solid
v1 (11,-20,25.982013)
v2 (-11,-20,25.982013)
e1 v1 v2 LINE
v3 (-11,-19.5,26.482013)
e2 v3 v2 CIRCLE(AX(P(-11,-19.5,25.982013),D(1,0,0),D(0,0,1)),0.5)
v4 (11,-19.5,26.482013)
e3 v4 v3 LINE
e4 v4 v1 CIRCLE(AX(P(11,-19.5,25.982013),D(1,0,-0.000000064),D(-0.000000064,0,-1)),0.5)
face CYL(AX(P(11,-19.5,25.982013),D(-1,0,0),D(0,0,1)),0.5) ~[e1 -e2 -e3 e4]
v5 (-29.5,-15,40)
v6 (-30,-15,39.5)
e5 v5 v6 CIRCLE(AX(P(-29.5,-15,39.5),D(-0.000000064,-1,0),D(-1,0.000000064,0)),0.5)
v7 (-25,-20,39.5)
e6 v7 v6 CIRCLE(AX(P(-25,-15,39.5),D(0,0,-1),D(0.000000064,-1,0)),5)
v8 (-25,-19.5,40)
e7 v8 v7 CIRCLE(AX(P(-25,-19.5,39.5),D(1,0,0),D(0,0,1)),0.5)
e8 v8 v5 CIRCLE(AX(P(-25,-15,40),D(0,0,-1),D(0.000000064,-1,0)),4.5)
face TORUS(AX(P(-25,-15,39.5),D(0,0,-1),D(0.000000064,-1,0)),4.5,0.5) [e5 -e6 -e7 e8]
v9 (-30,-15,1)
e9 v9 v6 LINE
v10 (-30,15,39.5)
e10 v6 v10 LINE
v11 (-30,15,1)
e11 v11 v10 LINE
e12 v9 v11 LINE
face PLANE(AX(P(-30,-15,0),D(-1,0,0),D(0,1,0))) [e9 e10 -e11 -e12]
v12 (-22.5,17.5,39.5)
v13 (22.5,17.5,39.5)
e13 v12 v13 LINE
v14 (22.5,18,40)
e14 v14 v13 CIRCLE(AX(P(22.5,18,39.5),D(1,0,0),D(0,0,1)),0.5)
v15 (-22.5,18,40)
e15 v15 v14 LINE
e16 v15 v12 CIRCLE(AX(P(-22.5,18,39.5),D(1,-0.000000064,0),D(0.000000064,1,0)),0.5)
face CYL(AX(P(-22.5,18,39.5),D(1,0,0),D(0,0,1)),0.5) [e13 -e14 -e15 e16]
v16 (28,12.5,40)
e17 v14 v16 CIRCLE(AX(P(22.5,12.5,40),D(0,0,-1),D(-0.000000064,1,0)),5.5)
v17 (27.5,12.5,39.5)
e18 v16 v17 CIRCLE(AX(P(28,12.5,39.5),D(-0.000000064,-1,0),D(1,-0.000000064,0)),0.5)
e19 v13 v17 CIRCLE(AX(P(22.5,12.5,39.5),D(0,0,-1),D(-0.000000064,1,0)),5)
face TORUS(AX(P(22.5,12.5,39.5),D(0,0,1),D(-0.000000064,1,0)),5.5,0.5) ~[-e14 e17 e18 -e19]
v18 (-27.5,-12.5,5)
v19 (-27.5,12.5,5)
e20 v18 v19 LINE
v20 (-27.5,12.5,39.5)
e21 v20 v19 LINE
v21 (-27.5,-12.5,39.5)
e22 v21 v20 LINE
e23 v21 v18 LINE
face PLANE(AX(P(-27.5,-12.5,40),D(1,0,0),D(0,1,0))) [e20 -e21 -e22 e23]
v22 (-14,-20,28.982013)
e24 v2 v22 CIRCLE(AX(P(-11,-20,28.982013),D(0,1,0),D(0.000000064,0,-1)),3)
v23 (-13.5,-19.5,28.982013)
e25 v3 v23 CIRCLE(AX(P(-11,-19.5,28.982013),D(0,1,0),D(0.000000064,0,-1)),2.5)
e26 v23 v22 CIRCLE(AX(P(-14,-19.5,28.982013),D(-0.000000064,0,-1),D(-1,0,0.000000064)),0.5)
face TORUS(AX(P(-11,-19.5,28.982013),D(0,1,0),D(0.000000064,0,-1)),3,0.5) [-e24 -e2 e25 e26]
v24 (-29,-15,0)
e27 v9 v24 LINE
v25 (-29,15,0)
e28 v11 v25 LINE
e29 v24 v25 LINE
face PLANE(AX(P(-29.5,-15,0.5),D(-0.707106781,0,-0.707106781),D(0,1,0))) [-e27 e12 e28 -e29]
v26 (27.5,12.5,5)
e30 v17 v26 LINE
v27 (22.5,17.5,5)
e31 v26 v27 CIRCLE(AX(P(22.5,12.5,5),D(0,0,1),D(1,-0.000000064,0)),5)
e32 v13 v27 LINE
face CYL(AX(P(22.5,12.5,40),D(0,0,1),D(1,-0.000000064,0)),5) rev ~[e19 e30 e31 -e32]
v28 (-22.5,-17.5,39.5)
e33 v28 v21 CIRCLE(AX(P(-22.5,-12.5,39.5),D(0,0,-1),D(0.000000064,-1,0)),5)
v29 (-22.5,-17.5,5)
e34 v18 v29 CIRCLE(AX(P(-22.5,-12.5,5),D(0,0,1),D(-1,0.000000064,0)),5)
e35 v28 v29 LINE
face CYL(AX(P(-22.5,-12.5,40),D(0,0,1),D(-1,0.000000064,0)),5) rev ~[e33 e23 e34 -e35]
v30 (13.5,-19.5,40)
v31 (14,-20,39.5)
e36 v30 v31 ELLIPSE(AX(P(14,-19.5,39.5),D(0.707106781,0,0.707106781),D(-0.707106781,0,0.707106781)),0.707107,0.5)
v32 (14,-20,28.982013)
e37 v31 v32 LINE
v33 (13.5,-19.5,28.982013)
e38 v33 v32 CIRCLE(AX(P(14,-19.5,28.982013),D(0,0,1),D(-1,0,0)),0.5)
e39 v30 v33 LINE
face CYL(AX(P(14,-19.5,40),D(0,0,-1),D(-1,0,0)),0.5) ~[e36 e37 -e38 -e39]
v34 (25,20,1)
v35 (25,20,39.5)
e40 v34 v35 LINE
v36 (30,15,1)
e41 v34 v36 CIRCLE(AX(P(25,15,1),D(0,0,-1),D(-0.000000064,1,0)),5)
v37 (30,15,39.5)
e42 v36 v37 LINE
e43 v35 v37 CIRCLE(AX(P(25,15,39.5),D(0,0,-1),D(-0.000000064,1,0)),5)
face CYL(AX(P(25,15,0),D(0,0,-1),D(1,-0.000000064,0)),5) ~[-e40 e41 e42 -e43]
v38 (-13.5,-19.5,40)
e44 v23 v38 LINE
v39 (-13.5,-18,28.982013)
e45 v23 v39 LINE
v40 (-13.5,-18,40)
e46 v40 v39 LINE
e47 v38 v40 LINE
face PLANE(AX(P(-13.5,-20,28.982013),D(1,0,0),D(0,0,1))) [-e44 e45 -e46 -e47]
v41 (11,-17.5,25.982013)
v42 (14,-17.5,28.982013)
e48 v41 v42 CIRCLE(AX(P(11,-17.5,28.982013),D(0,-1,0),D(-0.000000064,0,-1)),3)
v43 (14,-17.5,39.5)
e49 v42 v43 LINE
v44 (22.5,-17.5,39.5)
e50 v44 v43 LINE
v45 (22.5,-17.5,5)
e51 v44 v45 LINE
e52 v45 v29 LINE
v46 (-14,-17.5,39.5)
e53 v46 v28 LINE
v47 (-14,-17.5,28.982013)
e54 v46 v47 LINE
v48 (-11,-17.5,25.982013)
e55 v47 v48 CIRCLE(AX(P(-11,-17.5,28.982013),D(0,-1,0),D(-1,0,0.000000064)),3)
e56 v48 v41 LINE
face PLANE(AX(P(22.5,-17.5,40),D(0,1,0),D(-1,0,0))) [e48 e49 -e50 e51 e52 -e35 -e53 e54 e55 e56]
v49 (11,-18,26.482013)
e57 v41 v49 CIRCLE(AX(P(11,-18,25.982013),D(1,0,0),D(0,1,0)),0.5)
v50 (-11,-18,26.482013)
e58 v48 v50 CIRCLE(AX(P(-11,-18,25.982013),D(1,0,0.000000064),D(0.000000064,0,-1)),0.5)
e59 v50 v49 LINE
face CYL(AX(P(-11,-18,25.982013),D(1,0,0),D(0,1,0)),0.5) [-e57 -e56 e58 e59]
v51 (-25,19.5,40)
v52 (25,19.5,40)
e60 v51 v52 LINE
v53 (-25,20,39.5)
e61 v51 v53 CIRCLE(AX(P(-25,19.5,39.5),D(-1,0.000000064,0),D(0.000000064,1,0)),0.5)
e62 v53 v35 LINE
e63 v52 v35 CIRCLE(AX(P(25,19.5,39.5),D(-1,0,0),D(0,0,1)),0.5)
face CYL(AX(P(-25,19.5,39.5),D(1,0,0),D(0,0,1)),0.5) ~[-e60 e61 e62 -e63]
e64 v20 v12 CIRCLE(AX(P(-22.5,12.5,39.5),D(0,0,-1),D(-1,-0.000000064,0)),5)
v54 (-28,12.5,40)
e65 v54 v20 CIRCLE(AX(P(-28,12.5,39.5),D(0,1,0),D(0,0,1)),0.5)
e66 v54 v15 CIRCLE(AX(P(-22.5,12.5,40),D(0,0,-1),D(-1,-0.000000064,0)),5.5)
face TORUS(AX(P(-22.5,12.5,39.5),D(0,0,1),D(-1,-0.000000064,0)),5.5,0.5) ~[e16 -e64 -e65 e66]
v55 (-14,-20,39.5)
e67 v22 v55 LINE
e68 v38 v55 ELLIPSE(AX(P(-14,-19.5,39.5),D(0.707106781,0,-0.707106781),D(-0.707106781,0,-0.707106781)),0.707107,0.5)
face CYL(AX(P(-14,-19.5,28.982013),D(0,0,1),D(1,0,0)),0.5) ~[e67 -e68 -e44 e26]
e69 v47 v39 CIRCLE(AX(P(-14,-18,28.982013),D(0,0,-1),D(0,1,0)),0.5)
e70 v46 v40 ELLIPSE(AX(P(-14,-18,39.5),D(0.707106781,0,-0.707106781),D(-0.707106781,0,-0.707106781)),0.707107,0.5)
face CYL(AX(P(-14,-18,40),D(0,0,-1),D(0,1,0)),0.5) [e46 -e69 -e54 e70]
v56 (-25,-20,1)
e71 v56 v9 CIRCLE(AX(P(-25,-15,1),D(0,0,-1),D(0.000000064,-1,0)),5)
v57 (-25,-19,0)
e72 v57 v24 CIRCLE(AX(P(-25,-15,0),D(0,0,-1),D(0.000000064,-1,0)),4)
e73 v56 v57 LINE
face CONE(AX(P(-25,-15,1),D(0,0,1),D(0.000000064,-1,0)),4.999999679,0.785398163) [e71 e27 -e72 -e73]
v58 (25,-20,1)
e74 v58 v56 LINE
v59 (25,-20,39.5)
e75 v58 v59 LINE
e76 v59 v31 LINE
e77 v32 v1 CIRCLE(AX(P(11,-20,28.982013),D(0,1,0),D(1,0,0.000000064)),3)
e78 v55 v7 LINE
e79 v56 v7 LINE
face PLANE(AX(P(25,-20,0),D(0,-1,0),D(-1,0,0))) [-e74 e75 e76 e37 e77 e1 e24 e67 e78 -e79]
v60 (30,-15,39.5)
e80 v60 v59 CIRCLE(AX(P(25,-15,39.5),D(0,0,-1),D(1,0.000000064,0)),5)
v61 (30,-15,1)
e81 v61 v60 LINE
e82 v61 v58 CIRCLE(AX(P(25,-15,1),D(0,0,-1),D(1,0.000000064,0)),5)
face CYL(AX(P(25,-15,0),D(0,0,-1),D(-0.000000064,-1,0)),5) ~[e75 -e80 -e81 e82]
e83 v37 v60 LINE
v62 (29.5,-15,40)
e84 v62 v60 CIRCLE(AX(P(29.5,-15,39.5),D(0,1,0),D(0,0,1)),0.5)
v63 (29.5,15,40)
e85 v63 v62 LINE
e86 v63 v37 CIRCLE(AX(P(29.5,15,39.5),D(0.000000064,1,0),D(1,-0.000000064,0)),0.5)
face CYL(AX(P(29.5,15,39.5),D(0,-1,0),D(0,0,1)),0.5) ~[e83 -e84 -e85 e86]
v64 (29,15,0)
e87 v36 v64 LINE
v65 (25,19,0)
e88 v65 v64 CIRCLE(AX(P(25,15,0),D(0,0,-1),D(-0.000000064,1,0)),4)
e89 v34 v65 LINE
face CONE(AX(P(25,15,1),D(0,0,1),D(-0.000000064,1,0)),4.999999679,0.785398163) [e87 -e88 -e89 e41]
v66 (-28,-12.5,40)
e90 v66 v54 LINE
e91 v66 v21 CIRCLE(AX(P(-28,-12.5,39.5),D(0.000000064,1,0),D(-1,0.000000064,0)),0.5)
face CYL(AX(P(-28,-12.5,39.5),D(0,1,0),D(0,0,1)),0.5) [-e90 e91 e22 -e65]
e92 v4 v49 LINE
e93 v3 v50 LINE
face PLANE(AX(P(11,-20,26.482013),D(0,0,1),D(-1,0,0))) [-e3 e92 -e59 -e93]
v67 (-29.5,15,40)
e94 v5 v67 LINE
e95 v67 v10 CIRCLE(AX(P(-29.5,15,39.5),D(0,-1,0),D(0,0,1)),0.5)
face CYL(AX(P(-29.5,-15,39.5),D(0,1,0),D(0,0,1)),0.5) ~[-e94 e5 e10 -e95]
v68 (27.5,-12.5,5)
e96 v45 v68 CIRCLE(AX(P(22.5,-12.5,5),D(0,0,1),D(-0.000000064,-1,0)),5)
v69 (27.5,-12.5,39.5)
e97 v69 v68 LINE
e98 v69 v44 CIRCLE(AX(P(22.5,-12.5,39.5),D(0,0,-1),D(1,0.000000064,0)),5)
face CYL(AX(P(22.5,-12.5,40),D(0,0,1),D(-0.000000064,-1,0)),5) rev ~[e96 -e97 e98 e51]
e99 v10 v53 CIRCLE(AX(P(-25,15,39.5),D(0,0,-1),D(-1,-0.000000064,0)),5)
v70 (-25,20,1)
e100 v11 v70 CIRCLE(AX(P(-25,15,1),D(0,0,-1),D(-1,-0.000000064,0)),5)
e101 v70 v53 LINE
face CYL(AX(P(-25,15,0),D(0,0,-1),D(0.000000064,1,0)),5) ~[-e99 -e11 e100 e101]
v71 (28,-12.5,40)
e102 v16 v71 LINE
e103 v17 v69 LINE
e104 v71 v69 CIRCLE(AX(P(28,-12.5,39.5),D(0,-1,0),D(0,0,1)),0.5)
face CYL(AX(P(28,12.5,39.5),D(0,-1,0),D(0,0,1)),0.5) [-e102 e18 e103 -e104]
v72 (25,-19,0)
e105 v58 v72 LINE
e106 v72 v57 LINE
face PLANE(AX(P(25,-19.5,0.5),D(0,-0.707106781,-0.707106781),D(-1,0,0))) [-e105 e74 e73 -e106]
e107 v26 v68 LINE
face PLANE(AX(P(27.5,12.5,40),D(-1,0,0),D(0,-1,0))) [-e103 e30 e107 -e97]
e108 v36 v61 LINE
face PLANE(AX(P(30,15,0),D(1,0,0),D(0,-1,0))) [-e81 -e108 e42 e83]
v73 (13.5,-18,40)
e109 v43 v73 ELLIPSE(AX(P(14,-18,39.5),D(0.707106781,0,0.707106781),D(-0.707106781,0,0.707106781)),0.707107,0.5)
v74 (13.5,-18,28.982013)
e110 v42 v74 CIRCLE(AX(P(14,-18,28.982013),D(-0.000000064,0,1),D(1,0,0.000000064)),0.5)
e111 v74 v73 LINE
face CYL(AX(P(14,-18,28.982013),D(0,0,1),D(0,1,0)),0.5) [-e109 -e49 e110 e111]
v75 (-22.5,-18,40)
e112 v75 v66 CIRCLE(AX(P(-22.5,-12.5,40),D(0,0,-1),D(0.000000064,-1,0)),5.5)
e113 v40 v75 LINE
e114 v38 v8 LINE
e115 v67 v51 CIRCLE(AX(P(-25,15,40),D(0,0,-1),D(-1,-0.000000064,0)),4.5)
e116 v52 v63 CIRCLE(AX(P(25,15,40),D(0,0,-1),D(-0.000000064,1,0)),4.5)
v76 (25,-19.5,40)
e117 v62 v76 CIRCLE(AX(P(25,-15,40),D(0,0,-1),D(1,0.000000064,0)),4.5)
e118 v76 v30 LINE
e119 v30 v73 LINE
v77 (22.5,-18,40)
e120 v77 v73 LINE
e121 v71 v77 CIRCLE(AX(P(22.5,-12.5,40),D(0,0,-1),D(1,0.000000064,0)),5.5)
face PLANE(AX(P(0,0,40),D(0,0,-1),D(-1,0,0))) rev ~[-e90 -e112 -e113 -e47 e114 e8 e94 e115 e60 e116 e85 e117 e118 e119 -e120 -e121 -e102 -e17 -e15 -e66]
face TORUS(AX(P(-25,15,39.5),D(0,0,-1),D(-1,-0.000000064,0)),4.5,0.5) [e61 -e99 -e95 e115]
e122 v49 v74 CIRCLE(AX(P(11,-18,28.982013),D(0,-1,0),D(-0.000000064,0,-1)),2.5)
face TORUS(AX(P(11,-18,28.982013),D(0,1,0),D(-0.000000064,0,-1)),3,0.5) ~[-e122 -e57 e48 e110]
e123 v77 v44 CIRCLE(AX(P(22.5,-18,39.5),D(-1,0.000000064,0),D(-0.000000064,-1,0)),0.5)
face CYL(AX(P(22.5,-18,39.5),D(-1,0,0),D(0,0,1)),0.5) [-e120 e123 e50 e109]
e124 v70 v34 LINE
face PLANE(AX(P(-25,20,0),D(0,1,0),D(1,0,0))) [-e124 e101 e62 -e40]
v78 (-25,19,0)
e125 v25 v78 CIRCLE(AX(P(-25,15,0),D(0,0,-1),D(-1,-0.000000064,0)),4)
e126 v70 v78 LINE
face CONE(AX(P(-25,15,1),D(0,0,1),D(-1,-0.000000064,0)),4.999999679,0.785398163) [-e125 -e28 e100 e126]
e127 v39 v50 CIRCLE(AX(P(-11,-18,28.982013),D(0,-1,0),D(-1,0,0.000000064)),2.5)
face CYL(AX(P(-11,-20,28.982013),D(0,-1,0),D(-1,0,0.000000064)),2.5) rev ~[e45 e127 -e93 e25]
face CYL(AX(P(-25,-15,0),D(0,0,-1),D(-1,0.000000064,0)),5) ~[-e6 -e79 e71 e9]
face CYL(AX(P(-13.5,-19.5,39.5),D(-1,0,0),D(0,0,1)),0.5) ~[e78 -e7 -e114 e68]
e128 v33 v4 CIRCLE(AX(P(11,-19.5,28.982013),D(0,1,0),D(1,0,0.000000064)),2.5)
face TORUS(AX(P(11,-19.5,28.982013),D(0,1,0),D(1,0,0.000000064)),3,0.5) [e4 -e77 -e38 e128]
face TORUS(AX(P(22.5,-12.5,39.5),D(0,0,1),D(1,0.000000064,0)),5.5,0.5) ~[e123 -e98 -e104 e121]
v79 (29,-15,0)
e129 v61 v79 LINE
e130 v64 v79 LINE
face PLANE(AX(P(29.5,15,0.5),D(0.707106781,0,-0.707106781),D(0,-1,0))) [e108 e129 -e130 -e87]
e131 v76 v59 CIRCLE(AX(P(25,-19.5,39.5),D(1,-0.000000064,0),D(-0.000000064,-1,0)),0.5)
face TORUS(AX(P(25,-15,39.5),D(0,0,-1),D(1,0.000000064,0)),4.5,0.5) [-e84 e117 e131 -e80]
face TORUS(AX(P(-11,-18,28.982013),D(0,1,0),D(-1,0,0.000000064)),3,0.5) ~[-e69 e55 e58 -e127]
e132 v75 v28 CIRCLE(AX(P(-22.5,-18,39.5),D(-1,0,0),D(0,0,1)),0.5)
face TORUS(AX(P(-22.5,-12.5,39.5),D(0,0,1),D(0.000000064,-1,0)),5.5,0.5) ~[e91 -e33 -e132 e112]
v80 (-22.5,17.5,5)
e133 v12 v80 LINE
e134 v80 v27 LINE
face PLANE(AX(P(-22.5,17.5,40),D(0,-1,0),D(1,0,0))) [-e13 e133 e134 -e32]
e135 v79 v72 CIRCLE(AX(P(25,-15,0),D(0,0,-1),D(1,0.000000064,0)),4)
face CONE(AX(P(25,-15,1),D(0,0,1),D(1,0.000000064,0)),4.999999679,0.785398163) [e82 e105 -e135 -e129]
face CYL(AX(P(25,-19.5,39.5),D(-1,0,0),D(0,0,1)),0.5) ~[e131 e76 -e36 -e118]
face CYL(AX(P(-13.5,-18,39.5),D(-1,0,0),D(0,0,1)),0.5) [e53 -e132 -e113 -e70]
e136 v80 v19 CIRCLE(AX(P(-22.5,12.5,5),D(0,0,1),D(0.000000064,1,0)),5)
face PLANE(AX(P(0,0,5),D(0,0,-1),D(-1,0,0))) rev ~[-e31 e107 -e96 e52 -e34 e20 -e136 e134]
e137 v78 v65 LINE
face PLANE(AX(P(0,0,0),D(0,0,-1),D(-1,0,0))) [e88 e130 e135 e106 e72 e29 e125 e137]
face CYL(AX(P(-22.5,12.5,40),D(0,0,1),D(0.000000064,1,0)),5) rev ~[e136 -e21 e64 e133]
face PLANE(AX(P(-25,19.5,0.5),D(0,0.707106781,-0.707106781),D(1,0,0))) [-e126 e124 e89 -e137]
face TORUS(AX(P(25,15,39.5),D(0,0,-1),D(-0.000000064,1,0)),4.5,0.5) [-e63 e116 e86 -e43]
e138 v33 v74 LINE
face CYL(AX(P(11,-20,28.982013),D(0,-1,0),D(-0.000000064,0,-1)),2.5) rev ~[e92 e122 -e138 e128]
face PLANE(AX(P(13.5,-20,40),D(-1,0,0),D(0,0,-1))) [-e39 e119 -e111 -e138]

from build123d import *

# Parameters (mm, degrees)
PAD_DEPTH       = 40
POCKET_DEPTH    = 35
POCKET001_DEPTH = 5
FILLET_R        = 0.5
FILLET001_R     = 0.5
CHAMFER_SIZE    = 1


with BuildPart() as part:
    # Sketch → Pad (new body)
    with BuildSketch(Plane.XY):
        with BuildLine():
            Line((-25, 20), (25, 20))
            ThreePointArc((30, 15), (28.535534, 18.535534), (25, 20))
            Line((30, 15), (30, -15))
            ThreePointArc((25, -20), (28.535534, -18.535534), (30, -15))
            Line((25, -20), (-25, -20))
            ThreePointArc((-30, -15), (-28.535534, -18.535534), (-25, -20))
            Line((-30, -15), (-30, 15))
            ThreePointArc((-25, 20), (-28.535534, 18.535534), (-30, 15))
        make_face()
    extrude(amount=PAD_DEPTH)

    # Sketch001 (on Face10 of Pad) → Pocket (cut)
    with BuildSketch(Plane.XY.offset(40)):
        with BuildLine():
            Line((-22.5, 17.5), (22.5, 17.5))
            ThreePointArc((27.5, 12.5), (26.035534, 16.035534), (22.5, 17.5))
            Line((27.5, 12.5), (27.5, -12.5))
            ThreePointArc((22.5, -17.5), (26.035534, -16.035534), (27.5, -12.5))
            Line((22.5, -17.5), (-22.5, -17.5))
            ThreePointArc((-27.5, -12.5), (-26.035534, -16.035534), (-22.5, -17.5))
            Line((-27.5, -12.5), (-27.5, 12.5))
            ThreePointArc((-22.5, 17.5), (-26.035534, 16.035534), (-27.5, 12.5))
        make_face()
    extrude(amount=-POCKET_DEPTH, mode=Mode.SUBTRACT)

    # Sketch002 (on Face6 of Pocket) → Pocket001 (cut)
    with BuildSketch(Plane.XZ.offset(20)):
        with BuildLine():
            Line((-13.5, 40), (13.5, 40))
            Line((13.5, 40), (13.5, 28.982013))
            ThreePointArc((11, 26.482013), (12.767767, 27.214246), (13.5, 28.982013))
            Line((11, 26.482013), (-11, 26.482013))
            ThreePointArc((-13.5, 28.982013), (-12.767767, 27.214246), (-11, 26.482013))
            Line((-13.5, 28.982013), (-13.5, 40))
        make_face()
    extrude(amount=-POCKET001_DEPTH, mode=Mode.SUBTRACT)

    # Fillet
    fillet_edges = [part.edges().sort_by_distance(p)[0] for p in [
        (13.5, -17.5, 34.491006),
        (12.767767, -17.5, 27.214246),
        (0, -17.5, 26.482013),
        (-12.767767, -17.5, 27.214246),
        (-13.5, -17.5, 34.491006),
        (-18, -17.5, 40),
        (-26.035534, -16.035534, 40),
        (-27.5, 0, 40),
        (-26.035534, 16.035534, 40),
        (0, 17.5, 40),
        (26.035534, 16.035534, 40),
        (27.5, 0, 40),
        (26.035534, -16.035534, 40),
        (18, -17.5, 40),
    ]]
    fillet(fillet_edges, radius=FILLET_R)

    # Fillet001
    fillet001_edges = [part.edges().sort_by_distance(p)[0] for p in [
        (-19.25, -20, 40),
        (-13.5, -20, 34.491006),
        (-12.767767, -20, 27.214246),
        (0, -20, 26.482013),
        (12.767767, -20, 27.214246),
        (13.5, -20, 34.491006),
        (19.25, -20, 40),
        (28.535534, -18.535534, 40),
        (30, 0, 40),
        (28.535534, 18.535534, 40),
        (0, 20, 40),
        (-28.535534, 18.535534, 40),
        (-30, 0, 40),
        (-28.535534, -18.535534, 40),
    ]]
    fillet(fillet001_edges, radius=FILLET001_R)

    # Chamfer
    chamfer_edges = [part.edges().sort_by_distance(p)[0] for p in [
        (0, -20, 0),
        (28.535534, -18.535534, 0),
        (30, 0, 0),
        (28.535534, 18.535534, 0),
        (0, 20, 0),
        (-28.535534, 18.535534, 0),
        (-30, 0, 0),
        (-28.535534, -18.535534, 0),
    ]]
    chamfer(chamfer_edges, length=CHAMFER_SIZE)


solid = part.part
